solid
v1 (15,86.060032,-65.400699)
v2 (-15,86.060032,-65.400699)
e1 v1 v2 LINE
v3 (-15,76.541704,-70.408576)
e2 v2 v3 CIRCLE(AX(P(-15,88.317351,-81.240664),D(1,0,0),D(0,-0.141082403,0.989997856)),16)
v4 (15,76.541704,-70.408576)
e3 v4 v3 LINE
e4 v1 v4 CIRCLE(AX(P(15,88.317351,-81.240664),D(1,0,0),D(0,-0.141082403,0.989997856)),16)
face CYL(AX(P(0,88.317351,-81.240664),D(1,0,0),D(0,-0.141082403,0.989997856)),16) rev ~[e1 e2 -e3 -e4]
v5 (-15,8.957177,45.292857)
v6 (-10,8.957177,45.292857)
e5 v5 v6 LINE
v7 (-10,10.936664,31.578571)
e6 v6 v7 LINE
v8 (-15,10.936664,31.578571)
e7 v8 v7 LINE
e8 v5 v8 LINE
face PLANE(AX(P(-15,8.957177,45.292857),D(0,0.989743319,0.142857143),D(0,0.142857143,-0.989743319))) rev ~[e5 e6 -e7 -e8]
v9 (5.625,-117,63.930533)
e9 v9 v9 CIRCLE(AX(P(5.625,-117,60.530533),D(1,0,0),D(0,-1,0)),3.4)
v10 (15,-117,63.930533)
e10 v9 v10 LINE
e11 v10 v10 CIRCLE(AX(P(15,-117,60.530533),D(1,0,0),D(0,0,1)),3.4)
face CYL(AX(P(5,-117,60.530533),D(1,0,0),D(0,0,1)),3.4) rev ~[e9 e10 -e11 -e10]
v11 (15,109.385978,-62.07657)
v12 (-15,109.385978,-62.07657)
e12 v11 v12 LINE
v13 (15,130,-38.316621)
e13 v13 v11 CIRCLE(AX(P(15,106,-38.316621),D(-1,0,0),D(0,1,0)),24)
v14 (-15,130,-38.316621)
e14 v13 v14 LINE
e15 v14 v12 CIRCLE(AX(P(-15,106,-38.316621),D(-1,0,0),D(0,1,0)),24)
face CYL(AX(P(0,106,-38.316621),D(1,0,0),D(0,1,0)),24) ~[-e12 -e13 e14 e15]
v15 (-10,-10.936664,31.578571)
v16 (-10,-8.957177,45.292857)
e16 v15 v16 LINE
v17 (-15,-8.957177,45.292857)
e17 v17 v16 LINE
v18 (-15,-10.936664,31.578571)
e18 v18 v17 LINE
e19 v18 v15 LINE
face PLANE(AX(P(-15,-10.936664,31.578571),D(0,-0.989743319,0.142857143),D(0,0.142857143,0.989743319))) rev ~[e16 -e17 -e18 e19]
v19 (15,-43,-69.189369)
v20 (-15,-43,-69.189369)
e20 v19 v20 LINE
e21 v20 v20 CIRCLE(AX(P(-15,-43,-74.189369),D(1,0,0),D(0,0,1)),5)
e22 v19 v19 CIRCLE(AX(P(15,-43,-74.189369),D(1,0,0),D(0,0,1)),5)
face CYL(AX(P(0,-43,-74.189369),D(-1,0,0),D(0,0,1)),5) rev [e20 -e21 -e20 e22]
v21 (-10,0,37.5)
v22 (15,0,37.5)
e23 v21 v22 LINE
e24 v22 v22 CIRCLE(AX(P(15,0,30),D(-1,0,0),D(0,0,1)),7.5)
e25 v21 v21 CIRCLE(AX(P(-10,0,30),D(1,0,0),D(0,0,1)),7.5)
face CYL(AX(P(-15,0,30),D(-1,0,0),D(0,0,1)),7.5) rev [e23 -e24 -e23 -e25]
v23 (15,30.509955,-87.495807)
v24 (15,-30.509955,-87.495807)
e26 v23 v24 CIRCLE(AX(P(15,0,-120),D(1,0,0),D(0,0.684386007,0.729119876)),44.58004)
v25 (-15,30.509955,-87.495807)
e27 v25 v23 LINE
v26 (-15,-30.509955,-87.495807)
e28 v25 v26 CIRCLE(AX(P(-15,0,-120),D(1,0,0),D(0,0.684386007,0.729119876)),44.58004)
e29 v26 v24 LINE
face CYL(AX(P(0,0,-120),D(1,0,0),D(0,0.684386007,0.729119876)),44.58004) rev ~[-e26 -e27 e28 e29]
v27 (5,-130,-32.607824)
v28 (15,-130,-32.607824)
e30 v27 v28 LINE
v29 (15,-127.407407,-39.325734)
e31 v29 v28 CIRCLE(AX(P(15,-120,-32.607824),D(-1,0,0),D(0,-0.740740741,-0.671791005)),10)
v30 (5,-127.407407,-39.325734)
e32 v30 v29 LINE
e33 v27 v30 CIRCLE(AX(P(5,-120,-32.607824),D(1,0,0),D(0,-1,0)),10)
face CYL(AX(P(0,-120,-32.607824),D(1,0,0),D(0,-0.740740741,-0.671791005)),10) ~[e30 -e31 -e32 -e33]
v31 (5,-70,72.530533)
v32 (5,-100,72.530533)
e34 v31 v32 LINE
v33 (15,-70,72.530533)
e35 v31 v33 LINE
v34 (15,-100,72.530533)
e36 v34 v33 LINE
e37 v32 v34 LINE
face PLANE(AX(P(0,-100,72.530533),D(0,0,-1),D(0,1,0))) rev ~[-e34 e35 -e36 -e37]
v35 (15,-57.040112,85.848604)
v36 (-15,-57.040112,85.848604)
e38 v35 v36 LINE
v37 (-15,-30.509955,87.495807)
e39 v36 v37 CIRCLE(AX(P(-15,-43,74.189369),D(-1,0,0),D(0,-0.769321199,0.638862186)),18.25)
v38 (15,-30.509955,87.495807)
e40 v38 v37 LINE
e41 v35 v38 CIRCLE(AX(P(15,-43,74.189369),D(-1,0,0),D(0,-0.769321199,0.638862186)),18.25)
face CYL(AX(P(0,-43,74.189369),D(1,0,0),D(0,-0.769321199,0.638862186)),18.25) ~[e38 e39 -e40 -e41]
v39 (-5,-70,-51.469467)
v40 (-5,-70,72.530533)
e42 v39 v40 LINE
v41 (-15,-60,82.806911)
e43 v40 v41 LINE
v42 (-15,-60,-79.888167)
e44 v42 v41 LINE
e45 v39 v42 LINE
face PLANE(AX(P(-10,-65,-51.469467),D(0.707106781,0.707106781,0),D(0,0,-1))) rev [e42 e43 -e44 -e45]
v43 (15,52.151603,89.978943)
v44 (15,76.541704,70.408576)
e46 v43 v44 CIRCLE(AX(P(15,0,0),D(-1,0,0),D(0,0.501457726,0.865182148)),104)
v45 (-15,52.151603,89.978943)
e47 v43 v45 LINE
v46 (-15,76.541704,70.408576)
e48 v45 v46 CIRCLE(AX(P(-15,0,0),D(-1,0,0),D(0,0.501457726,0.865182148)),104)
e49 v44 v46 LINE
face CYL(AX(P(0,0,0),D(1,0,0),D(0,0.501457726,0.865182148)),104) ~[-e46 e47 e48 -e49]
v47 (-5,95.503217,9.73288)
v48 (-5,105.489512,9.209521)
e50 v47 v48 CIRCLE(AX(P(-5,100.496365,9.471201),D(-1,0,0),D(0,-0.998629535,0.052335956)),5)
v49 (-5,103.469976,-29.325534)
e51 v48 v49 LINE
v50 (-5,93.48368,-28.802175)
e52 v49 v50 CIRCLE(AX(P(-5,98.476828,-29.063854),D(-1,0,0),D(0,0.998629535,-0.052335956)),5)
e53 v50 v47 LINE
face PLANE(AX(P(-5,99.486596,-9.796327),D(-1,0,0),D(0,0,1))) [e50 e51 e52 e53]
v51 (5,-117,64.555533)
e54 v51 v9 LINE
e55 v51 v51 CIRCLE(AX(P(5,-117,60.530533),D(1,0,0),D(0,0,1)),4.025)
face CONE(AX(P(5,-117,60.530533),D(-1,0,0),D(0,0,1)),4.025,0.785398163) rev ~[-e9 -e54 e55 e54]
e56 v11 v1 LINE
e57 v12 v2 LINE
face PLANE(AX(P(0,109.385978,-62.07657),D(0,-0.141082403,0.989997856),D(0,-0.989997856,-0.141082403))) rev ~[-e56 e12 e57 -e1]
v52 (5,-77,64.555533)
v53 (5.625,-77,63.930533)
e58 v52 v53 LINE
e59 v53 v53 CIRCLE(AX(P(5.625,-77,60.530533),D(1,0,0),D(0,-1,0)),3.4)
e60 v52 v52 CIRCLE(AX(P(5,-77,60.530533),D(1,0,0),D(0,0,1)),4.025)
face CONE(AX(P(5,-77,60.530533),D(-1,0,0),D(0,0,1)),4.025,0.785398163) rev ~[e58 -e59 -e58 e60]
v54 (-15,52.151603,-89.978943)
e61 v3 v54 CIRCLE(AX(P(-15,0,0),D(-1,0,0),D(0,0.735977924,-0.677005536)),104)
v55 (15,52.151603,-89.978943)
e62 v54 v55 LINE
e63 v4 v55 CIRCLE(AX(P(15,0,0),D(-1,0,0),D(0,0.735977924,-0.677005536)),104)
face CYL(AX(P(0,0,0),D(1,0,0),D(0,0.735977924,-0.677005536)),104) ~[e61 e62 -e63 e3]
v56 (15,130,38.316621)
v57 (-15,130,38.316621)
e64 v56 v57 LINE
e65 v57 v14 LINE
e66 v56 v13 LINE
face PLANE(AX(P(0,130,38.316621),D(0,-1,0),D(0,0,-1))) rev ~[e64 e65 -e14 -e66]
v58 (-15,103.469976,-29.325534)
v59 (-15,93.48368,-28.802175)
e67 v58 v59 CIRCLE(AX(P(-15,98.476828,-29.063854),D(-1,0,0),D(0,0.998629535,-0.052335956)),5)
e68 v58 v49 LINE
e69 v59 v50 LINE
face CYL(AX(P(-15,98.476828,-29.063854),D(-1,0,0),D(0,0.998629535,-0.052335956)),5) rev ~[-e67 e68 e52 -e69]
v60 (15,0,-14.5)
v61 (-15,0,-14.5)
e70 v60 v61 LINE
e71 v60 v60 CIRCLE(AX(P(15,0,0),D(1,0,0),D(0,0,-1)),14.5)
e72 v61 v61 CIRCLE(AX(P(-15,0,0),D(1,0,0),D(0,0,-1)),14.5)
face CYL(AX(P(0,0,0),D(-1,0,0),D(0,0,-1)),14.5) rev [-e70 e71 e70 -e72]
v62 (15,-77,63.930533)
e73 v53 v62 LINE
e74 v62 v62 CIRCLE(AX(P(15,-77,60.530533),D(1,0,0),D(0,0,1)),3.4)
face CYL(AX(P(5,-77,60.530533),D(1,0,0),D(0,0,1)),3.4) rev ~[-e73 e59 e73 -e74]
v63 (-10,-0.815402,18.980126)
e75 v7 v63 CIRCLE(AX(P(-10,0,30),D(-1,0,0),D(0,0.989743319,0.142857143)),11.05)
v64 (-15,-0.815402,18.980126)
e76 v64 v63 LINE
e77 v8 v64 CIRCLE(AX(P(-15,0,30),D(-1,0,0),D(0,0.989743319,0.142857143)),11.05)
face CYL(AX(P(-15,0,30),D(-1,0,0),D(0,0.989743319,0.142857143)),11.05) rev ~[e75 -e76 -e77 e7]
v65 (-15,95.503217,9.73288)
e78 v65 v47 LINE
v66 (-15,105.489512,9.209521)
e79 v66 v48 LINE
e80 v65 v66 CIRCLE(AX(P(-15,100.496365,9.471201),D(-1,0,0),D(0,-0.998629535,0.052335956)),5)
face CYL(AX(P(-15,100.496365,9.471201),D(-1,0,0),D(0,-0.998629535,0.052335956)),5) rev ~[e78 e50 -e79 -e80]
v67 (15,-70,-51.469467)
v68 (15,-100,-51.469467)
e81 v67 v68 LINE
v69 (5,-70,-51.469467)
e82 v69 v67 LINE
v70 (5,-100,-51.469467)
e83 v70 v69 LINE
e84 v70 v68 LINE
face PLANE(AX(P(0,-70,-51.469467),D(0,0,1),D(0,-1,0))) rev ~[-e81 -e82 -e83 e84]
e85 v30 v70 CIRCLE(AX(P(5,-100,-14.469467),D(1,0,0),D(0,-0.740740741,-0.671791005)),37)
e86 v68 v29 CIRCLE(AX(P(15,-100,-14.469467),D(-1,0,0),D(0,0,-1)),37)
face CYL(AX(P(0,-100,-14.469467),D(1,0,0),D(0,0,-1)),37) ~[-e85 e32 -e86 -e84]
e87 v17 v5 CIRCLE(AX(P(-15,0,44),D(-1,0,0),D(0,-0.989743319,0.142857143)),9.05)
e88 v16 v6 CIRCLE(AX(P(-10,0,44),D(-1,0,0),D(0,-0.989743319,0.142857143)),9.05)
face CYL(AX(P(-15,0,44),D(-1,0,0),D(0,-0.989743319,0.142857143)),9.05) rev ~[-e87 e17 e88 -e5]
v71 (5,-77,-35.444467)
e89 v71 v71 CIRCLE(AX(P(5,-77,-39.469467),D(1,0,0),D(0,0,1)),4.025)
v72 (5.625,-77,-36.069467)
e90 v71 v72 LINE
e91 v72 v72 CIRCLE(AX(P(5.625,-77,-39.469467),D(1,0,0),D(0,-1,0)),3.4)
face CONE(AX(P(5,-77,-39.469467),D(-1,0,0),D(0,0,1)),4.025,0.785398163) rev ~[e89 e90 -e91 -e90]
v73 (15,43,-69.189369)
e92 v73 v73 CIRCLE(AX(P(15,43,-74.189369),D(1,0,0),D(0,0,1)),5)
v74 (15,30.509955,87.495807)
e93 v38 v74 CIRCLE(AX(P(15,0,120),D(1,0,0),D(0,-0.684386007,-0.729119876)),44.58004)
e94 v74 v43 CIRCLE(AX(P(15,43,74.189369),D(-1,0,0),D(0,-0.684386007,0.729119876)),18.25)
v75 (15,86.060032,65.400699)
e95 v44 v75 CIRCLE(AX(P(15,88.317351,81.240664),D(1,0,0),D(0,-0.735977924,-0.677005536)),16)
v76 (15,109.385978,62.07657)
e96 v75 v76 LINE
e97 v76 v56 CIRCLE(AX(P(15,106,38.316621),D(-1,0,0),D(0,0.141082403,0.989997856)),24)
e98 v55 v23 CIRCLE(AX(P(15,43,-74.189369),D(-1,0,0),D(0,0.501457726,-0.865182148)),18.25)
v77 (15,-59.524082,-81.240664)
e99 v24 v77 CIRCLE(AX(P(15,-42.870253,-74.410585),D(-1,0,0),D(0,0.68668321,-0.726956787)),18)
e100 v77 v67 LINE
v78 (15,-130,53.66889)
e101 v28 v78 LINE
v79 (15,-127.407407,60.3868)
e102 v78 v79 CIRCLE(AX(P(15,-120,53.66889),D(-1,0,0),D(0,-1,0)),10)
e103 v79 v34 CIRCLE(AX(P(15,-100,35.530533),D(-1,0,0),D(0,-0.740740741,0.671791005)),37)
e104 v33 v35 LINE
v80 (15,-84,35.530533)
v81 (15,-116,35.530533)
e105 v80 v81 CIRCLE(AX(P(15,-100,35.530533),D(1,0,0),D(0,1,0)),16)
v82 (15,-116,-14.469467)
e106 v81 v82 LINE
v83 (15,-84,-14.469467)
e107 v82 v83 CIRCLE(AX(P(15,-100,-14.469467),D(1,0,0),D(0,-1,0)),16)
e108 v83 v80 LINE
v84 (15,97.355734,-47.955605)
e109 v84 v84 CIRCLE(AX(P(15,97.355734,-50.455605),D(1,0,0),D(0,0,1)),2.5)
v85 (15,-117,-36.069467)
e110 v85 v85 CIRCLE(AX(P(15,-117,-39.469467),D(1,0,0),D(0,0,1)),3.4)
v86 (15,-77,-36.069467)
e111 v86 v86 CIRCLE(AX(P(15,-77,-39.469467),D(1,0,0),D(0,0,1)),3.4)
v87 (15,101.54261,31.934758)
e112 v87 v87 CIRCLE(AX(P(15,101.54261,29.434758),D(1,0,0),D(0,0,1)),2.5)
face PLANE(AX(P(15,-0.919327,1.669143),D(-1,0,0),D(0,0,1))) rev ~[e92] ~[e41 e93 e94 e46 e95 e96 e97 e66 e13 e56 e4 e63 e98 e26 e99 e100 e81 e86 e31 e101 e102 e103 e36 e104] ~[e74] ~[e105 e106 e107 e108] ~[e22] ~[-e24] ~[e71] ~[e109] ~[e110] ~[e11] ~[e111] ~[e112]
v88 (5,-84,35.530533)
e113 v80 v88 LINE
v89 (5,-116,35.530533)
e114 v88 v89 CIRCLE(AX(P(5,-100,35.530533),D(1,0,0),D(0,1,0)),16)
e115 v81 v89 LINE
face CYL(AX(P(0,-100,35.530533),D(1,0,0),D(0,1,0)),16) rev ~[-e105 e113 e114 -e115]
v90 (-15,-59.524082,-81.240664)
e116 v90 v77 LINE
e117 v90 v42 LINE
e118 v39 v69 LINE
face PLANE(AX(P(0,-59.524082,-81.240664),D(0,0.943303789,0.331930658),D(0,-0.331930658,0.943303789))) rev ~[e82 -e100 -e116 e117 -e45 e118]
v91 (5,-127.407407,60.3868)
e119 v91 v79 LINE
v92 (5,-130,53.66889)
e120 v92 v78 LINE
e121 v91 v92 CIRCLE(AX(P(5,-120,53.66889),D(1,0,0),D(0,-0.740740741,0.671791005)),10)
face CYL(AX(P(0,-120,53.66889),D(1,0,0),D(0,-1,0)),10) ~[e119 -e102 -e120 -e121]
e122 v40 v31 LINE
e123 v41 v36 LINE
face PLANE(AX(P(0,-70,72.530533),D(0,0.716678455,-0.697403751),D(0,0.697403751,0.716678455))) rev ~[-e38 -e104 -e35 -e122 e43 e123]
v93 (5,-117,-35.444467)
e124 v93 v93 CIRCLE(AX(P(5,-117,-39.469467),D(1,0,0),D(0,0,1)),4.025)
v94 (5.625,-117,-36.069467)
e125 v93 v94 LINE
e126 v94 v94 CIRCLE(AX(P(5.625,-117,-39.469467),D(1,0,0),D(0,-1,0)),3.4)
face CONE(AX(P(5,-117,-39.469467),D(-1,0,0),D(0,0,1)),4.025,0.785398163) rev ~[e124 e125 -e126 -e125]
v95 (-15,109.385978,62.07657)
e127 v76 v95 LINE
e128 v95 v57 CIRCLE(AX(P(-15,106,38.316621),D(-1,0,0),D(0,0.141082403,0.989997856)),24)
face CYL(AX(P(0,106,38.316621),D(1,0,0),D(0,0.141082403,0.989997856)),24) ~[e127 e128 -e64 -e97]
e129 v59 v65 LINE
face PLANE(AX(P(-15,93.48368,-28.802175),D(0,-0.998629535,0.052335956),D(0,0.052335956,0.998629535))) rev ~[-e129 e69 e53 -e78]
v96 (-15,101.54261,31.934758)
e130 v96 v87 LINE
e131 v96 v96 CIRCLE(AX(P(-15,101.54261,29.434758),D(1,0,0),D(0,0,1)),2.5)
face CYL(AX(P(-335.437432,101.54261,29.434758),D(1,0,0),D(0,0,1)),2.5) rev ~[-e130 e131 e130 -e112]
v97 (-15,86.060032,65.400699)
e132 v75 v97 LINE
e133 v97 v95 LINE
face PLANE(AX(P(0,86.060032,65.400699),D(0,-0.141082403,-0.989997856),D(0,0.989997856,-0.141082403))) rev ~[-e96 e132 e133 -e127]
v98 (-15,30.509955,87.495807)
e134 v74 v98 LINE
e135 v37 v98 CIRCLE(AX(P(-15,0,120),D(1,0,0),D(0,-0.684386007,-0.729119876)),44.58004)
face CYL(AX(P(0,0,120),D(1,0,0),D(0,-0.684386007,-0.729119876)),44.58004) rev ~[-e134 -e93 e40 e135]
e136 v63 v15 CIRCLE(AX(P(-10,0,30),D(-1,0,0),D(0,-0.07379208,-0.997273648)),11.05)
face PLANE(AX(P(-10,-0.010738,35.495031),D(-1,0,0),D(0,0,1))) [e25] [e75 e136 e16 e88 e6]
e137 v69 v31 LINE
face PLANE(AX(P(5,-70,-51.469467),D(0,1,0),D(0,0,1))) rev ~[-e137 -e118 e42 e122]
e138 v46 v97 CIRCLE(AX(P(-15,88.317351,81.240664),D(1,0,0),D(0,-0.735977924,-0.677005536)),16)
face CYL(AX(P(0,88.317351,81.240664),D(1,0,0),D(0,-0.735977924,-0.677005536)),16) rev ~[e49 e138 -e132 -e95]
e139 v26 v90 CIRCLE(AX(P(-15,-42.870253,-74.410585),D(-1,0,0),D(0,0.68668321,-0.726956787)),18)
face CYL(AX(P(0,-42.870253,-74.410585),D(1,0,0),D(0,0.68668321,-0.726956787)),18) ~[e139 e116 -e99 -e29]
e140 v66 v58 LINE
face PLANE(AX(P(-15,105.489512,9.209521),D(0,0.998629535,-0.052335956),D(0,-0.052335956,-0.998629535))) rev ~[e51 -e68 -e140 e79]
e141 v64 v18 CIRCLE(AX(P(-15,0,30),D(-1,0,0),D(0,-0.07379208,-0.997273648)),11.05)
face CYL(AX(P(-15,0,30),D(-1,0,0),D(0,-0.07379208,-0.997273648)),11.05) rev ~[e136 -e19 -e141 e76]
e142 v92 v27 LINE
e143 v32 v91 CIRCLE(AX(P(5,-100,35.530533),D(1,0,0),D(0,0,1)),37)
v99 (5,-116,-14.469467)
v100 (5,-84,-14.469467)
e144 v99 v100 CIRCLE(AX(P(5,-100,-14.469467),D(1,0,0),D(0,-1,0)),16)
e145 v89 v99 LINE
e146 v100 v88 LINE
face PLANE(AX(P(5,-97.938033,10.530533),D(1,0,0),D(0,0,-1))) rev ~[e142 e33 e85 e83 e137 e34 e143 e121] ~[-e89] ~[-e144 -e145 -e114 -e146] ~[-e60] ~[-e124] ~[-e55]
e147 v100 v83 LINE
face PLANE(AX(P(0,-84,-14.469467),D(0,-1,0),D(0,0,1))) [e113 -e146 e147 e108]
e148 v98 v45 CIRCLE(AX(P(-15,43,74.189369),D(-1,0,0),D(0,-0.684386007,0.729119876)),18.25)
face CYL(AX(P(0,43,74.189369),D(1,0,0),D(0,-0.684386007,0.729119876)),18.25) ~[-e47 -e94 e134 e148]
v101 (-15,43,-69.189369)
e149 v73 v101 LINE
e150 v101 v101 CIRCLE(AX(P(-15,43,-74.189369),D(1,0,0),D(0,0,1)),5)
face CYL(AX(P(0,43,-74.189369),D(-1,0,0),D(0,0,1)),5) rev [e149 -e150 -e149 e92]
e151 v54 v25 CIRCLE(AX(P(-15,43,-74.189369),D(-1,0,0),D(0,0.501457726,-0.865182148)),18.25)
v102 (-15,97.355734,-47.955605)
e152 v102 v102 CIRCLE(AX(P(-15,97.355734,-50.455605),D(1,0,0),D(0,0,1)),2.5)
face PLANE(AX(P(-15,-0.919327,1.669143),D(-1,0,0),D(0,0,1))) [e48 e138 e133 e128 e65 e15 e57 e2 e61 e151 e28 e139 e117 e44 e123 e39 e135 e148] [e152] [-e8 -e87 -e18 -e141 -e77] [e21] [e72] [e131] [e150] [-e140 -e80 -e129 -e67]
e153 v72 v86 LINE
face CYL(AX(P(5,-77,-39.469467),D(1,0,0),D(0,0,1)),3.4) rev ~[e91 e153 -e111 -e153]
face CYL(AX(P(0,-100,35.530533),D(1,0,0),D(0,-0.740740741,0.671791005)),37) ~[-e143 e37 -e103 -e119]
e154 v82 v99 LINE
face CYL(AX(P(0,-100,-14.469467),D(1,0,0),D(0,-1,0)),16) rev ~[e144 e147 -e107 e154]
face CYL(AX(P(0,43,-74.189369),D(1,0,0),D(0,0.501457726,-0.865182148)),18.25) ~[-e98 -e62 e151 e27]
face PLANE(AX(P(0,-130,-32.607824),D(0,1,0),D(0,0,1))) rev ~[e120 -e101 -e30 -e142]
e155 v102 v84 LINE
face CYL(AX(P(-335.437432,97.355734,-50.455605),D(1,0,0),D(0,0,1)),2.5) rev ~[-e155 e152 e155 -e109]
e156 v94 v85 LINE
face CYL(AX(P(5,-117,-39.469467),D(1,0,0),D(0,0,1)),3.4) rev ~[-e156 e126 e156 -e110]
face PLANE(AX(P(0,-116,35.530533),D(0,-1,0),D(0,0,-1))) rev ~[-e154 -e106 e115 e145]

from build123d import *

# Parameters (mm, degrees)
SZKIC1_R                         = 14.5
SZKIC1_R_2                       = 5
DODANIE_WYCI_GNI_CIE1_DEPTH      = 15
OTW_R_GWINTOWANY_M61_D           = 5
WYTNIJ_WYCI_GNI_CIE2_DEPTH       = 10
WYTNIJ_WYCI_GNI_CIE4_START       = 20
WYTNIJ_WYCI_GNI_CIE4_DEPTH       = 20
SFAZOWANIE4_SIZE                 = 10
SZKIC17_R                        = 7.5
WYTNIJ_WYCI_GNI_CIE5_DEPTH       = 5
SZKIC17_5_R                      = 7.5
WYTNIJ_WYCI_GNI_CIE6_DEPTH       = 163.311542951
OTW_R_GWINTOWANY_M81_D           = 6.8
OTW_R_GWINTOWANY_M81_DEPTH       = 16.207073895
OTW_R_GWINTOWANY_M81_CSINK_D     = 8.05
OTW_R_GWINTOWANY_M81_CSINK_ANGLE = 90
OTW_R_GWINTOWANY_M81_TIP         = 2.042926105


with BuildPart() as part:
    # Szkic1 → Dodanie-wyciągnięcie1 (new, symmetric)
    with BuildSketch(Plane(origin=(0, 0, 0), x_dir=(0, 0, -1), z_dir=(1, 0, 0))):
        with BuildLine():
            Line((-72.530533194, -70), (-85.848604083, -57.040111879))
            ThreePointArc((-85.848604083, -57.040111879), (-92.404294481, -44.130927243), (-87.495806927, -30.50995538))
            ThreePointArc((-87.495806927, -30.50995538), (-75.419960244, 0), (-87.495806927, 30.50995538))
            ThreePointArc((-87.495806927, 30.50995538), (-92.32041193, 40.919666146), (-89.978943384, 52.151603499))
            ThreePointArc((-89.978943384, 52.151603499), (-81.115709466, 65.086416999), (-70.408575711, 76.541704099))
            ThreePointArc((-70.408575711, 76.541704099), (-67.080888035, 80.867469231), (-65.40069858, 86.060032436))
            Line((-65.40069858, 86.060032436), (-62.076569761, 109.385977671))
            ThreePointArc((-62.076569761, 109.385977671), (-54.044566654, 124.12820267), (-38.316621209, 130))
            Line((-38.316621209, 130), (38.316621209, 130))
            ThreePointArc((38.316621209, 130), (54.044566654, 124.12820267), (62.076569761, 109.385977671))
            Line((62.076569761, 109.385977671), (65.40069858, 86.060032436))
            ThreePointArc((65.40069858, 86.060032436), (67.080888035, 80.867469231), (70.408575711, 76.541704099))
            ThreePointArc((70.408575711, 76.541704099), (81.115709466, 65.086416999), (89.978943384, 52.151603499))
            ThreePointArc((89.978943384, 52.151603499), (92.32041193, 40.919666146), (87.495806927, 30.50995538))
            ThreePointArc((87.495806927, 30.50995538), (75.419960244, 0), (87.495806927, -30.50995538))
            ThreePointArc((87.495806927, -30.50995538), (92.006314233, -46.663708643), (81.240664282, -59.524081957))
            Line((81.240664282, -59.524081957), (51.469466806, -70))
            Line((51.469466806, -70), (51.469466806, -100))
            ThreePointArc((51.469466806, -100), (48.29757558, -114.988630917), (39.325734007, -127.407407407))
            ThreePointArc((39.325734007, -127.407407407), (36.208235452, -129.329364235), (32.607823953, -130))
            Line((32.607823953, -130), (14.469466806, -130))
            Line((14.469466806, -130), (-35.530533194, -130))
            Line((-35.530533194, -130), (-53.668890342, -130))
            ThreePointArc((-53.668890342, -130), (-57.269301841, -129.329364235), (-60.386800396, -127.407407407))
            ThreePointArc((-60.386800396, -127.407407407), (-69.358641969, -114.988630917), (-72.530533194, -100))
            Line((-72.530533194, -100), (-72.530533194, -70))
        make_face()
        Circle(SZKIC1_R, mode=Mode.SUBTRACT)
        with Locations((74.189369185, -43)):
            Circle(SZKIC1_R_2, mode=Mode.SUBTRACT)
        with Locations((74.189369185, 43)):
            Circle(SZKIC1_R_2, mode=Mode.SUBTRACT)
        with BuildLine():
            Line((14.469466806, -84), (-35.530533194, -84))
            ThreePointArc((-35.530533194, -84), (-51.530533194, -100), (-35.530533194, -116))
            Line((-35.530533194, -116), (14.469466806, -116))
            ThreePointArc((14.469466806, -116), (30.469466806, -100), (14.469466806, -84))
        make_face(mode=Mode.SUBTRACT)
    extrude(amount=DODANIE_WYCI_GNI_CIE1_DEPTH, both=True)

    # Otwór gwintowany M61 (through all)
    with Locations(Plane(origin=(-15, 0, 0), x_dir=(0, 0, -1), z_dir=(-1, 0, 0))):
        with Locations((-29.434757864, -101.542610293), (50.455604917, -97.355733794)):
            Hole(OTW_R_GWINTOWANY_M61_D / 2)

    # Szkic12 → Wytnij-wyciągnięcie2 (cut)
    with BuildSketch(Plane(origin=(-15, 0, 0), x_dir=(0, 0, -1), z_dir=(1, 0, 0))):
        with BuildLine():
            Line((28.802174659, 93.483680258), (-9.732880373, 95.503216916))
            ThreePointArc((-9.732880373, 95.503216916), (-14.464348266, 100.758044371), (-9.209520811, 105.489512264))
            Line((-9.209520811, 105.489512264), (29.325534221, 103.469975605))
            ThreePointArc((29.325534221, 103.469975605), (34.057002114, 98.21514815), (28.802174659, 93.483680258))
        make_face()
    extrude(amount=WYTNIJ_WYCI_GNI_CIE2_DEPTH, mode=Mode.SUBTRACT)

    # Szkic16 → Wytnij-wyciągnięcie4 (cut)
    with BuildSketch(Plane(origin=(-15, 0, 0), x_dir=(0, 0, -1), z_dir=(1, 0, 0)).offset(WYTNIJ_WYCI_GNI_CIE4_START)):
        with BuildLine():
            Line((-53.668890342, -130), (32.607823953, -130))
            ThreePointArc((32.607823953, -130), (36.208235452, -129.329364235), (39.325734007, -127.407407407))
            ThreePointArc((39.325734007, -127.407407407), (48.29757558, -114.988630917), (51.469466806, -100))
            Line((51.469466806, -100), (51.469466806, -70))
            Line((51.469466806, -70), (-72.530533194, -70))
            Line((-72.530533194, -70), (-72.530533194, -100))
            ThreePointArc((-72.530533194, -100), (-69.358641969, -114.988630917), (-60.386800396, -127.407407407))
            ThreePointArc((-60.386800396, -127.407407407), (-57.269301841, -129.329364235), (-53.668890342, -130))
        make_face()
        with BuildLine():
            Line((-35.530533194, -116), (14.469466806, -116))
            ThreePointArc((14.469466806, -116), (30.469466806, -100), (14.469466806, -84))
            Line((14.469466806, -84), (-35.530533194, -84))
            ThreePointArc((-35.530533194, -84), (-51.530533194, -100), (-35.530533194, -116))
        make_face(mode=Mode.SUBTRACT)
    extrude(amount=-WYTNIJ_WYCI_GNI_CIE4_DEPTH, mode=Mode.SUBTRACT)

    # Sfazowanie4
    sfazowanie4_edges = [part.edges().sort_by_distance(p)[0] for p in [
        (-15, -70, 10.530533194),
    ]]
    chamfer(sfazowanie4_edges, length=SFAZOWANIE4_SIZE)

    # Szkic17 → Wytnij-wyciągnięcie5 (cut)
    with BuildSketch(Plane(origin=(-15, 0, 0), x_dir=(0, 0, -1), z_dir=(1, 0, 0))):
        with BuildLine():
            Line((-45.292857142, 8.957177033), (-31.578571428, 10.93666367))
            ThreePointArc((-31.578571428, 10.93666367), (-22.462605729, 8.080234378), (-18.98012619, -0.815402484))
            ThreePointArc((-18.98012619, -0.815402484), (-23.079412621, -8.614404816), (-31.578571429, -10.936663671))
            Line((-31.578571429, -10.936663671), (-45.292857143, -8.957177034))
            ThreePointArc((-45.292857143, -8.957177034), (-53.05, 0), (-45.292857142, 8.957177033))
        make_face()
        with Locations((-30, -1e-09)):
            Circle(SZKIC17_R, mode=Mode.SUBTRACT)
    extrude(amount=WYTNIJ_WYCI_GNI_CIE5_DEPTH, mode=Mode.SUBTRACT)

    # Szkic17<5> → Wytnij-wyciągnięcie6 (cut, through all)
    with BuildSketch(Plane(origin=(-15, 0, 0), x_dir=(0, 0, -1), z_dir=(1, 0, 0))):
        with Locations((-30, -1e-09)):
            Circle(SZKIC17_5_R)
    extrude(amount=WYTNIJ_WYCI_GNI_CIE6_DEPTH, mode=Mode.SUBTRACT)

    # Otwór gwintowany M81
    with Locations(Plane(origin=(5, -77, -39.469466806), x_dir=(0, 0, -1), z_dir=(-1, 0, 0))):
        with Locations((0, 0), (0, 40), (-100, 40), (-100, 0)):
            CounterSinkHole(OTW_R_GWINTOWANY_M81_D / 2, OTW_R_GWINTOWANY_M81_CSINK_D / 2, depth=OTW_R_GWINTOWANY_M81_DEPTH, counter_sink_angle=OTW_R_GWINTOWANY_M81_CSINK_ANGLE)
            with Locations((0, 0, -(OTW_R_GWINTOWANY_M81_DEPTH + OTW_R_GWINTOWANY_M81_TIP / 2))):  # 118° drill point
                Cone(0, OTW_R_GWINTOWANY_M81_D / 2, OTW_R_GWINTOWANY_M81_TIP, mode=Mode.SUBTRACT)


solid = part.part
